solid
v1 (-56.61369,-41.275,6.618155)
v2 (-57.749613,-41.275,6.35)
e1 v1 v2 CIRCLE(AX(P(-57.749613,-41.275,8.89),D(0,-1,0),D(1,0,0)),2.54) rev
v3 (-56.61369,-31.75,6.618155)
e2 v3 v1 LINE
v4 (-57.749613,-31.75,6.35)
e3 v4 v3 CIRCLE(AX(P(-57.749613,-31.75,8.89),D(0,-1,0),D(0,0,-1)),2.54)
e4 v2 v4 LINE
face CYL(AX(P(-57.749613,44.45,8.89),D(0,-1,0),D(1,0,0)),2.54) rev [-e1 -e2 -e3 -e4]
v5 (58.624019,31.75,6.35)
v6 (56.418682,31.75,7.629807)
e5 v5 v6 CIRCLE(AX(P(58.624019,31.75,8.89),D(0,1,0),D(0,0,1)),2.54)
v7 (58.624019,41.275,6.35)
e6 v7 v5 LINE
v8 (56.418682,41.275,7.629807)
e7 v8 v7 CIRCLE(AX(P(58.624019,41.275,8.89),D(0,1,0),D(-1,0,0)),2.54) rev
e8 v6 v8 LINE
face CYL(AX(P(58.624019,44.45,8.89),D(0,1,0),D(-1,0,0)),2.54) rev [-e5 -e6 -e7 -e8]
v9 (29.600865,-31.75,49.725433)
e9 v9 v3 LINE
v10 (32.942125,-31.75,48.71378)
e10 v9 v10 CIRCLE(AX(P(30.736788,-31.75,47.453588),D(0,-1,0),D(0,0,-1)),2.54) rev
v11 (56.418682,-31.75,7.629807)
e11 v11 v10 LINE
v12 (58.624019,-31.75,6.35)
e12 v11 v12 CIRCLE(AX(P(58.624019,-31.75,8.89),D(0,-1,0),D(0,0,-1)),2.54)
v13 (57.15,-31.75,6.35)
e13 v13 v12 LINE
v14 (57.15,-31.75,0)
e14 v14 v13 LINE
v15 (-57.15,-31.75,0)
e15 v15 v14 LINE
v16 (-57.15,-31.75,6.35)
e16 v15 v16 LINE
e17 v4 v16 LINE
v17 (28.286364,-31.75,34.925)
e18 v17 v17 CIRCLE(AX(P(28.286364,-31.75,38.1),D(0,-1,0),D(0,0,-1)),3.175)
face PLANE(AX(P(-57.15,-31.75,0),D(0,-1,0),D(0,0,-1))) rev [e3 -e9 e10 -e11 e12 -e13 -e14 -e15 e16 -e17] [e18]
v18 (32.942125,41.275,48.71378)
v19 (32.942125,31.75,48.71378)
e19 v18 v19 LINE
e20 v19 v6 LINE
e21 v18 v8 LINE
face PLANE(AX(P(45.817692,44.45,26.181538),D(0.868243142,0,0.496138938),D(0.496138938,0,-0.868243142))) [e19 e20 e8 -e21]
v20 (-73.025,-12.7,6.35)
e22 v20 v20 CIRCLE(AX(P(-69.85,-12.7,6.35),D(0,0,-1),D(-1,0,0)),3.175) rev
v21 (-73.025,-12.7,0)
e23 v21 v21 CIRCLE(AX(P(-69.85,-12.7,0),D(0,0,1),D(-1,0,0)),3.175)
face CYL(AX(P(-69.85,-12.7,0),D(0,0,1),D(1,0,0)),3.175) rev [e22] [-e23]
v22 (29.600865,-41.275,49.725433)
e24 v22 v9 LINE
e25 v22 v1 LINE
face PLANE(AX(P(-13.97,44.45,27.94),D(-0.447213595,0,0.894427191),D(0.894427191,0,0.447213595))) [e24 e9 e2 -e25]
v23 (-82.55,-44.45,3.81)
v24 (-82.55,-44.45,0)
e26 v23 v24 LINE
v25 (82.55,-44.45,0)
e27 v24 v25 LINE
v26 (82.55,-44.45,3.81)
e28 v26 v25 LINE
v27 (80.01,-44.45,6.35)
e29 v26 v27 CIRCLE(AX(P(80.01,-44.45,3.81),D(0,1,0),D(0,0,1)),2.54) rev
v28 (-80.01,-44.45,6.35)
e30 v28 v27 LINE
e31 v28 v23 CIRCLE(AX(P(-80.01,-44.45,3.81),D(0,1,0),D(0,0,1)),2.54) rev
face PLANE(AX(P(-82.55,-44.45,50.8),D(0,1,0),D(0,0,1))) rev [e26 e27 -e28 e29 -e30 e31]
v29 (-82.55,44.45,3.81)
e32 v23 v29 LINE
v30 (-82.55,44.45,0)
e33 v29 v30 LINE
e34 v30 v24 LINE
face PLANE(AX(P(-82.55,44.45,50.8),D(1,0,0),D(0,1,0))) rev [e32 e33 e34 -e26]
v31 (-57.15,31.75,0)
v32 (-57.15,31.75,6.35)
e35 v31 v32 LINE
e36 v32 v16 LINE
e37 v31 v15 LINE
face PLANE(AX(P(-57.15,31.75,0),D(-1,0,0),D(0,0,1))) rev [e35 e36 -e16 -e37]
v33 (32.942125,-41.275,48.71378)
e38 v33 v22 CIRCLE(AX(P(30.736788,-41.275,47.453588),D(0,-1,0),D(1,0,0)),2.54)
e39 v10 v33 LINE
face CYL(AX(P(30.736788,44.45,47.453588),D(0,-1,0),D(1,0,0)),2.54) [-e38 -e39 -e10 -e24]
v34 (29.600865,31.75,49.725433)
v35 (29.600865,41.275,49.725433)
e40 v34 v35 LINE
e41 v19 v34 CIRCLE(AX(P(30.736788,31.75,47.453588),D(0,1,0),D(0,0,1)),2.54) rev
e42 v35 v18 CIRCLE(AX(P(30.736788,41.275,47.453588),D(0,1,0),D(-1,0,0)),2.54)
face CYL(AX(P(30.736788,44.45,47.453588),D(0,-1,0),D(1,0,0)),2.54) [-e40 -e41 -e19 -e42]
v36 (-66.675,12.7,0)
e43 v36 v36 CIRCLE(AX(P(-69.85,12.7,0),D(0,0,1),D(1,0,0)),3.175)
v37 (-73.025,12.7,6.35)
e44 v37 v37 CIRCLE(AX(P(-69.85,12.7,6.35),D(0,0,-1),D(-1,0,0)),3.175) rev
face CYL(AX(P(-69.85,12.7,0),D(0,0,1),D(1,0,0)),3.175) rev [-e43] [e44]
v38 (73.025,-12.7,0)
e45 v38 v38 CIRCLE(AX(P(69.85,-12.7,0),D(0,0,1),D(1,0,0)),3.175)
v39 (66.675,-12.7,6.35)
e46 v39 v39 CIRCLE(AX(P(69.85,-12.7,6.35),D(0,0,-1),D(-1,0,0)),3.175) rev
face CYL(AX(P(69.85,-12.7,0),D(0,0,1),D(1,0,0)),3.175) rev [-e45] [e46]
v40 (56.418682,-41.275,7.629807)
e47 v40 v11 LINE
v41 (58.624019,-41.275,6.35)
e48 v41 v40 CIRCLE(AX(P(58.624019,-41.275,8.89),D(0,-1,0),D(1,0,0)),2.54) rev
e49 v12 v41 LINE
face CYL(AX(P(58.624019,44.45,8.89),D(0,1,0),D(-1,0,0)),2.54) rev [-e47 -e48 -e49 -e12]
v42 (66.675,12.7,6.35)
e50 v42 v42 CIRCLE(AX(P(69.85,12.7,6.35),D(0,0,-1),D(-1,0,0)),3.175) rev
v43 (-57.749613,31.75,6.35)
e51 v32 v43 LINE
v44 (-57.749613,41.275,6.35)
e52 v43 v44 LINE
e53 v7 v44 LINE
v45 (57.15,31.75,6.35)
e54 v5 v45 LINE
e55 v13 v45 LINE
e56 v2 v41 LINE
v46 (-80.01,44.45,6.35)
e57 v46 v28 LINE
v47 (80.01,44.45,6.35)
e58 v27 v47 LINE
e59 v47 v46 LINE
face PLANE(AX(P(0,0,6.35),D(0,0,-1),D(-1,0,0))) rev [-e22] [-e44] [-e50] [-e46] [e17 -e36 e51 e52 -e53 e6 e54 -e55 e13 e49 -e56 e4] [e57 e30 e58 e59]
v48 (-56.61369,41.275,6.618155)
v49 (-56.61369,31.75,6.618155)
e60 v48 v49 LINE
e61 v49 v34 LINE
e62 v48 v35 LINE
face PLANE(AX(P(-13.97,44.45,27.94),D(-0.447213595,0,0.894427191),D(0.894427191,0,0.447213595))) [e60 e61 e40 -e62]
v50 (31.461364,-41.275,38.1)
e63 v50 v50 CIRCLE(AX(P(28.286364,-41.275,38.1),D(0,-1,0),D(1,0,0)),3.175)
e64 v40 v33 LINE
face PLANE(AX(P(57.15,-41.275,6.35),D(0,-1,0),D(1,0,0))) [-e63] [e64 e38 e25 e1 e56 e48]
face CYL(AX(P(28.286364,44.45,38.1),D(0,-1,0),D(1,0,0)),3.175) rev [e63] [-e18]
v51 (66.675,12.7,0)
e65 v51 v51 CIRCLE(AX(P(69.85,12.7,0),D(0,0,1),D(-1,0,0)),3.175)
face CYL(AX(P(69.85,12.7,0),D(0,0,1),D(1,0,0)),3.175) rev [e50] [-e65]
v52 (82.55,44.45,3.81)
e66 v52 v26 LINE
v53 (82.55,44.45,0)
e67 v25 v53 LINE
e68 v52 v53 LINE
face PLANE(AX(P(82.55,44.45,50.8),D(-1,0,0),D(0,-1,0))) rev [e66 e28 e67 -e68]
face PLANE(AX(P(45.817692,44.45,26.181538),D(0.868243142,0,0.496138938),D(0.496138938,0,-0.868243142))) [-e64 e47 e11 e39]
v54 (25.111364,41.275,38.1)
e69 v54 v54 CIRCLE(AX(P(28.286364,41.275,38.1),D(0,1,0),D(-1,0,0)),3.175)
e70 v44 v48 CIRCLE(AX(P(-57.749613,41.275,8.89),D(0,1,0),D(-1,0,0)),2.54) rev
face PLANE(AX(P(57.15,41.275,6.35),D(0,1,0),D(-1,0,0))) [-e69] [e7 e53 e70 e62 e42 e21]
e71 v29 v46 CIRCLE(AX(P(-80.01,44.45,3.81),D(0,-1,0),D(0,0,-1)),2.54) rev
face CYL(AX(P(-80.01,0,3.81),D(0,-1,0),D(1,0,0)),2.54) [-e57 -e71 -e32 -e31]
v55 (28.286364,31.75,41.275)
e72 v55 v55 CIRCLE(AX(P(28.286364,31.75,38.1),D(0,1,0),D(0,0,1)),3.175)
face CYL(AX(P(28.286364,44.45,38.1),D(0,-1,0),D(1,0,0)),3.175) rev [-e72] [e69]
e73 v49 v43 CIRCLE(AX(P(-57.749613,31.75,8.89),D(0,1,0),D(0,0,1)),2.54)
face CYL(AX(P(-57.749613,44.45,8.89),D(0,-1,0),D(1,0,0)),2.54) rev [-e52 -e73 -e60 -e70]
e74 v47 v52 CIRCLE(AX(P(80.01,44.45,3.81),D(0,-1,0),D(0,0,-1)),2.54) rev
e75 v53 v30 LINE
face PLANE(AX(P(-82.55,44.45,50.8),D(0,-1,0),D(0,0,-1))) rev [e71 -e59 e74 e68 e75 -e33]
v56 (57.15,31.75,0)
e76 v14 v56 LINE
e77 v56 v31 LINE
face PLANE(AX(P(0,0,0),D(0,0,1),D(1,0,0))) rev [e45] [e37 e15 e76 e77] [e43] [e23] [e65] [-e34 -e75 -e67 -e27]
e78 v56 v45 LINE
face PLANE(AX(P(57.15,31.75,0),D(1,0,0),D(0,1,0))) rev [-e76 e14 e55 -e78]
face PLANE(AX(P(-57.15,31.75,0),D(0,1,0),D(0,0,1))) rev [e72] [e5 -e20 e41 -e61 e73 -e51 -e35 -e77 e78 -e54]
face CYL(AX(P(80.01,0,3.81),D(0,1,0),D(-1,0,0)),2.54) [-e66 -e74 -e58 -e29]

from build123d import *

# Parameters (mm, degrees)
SKETCH1_W           = 165.1
SKETCH1_H           = 88.9
BOSS_EXTRUDE1_DEPTH = 50.8
SKETCH2_R           = 3.175
SKETCH2_W           = 114.3
SKETCH2_H           = 63.5
CUT_EXTRUDE1_DEPTH  = 107.634633211
SKETCH4_W           = 165.1
SKETCH4_H           = 88.9
SKETCH4_W_2         = 114.3
SKETCH4_H_2         = 82.55
CUT_EXTRUDE2_DEPTH  = 44.45
SKETCH5_R           = 3.175
CUT_EXTRUDE4_DEPTH  = 130.398292589
FILLET2_R           = 2.54


with BuildPart() as part:
    # Sketch1 → Boss-Extrude1 (new body)
    with BuildSketch(Plane.XY):
        Rectangle(SKETCH1_W, SKETCH1_H)
    extrude(amount=BOSS_EXTRUDE1_DEPTH)

    # Sketch2 → Cut-Extrude1 (cut, through all)
    with BuildSketch(Plane.XY.offset(50.8)):
        with Locations((-69.85, 12.7)):
            Circle(SKETCH2_R)
        with Locations(Location((-69.85, -12.7, 0), (0, 0, 180))):
            Circle(SKETCH2_R)
        with Locations((69.85, -12.7)):
            Circle(SKETCH2_R)
        with Locations(Location((69.85, 12.7, 0), (0, 0, 180))):
            Circle(SKETCH2_R)
        Rectangle(SKETCH2_W, SKETCH2_H)
    extrude(amount=-CUT_EXTRUDE1_DEPTH, mode=Mode.SUBTRACT)

    # Sketch4 → Cut-Extrude2 (cut)
    with BuildSketch(Plane.XY.offset(50.8)):
        Rectangle(SKETCH4_W, SKETCH4_H)
        Rectangle(SKETCH4_W_2, SKETCH4_H_2, mode=Mode.SUBTRACT)
    extrude(amount=-CUT_EXTRUDE2_DEPTH, mode=Mode.SUBTRACT)

    # Sketch5 → Cut-Extrude4 (cut, through all)
    with BuildSketch(Plane.XZ.offset(41.275)):
        Polygon((-57.15, 6.35), (31.75, 50.8), (-57.15, 50.8), align=None)
        Polygon((31.75, 50.8), (57.15, 6.35), (57.15, 50.8), align=None)
        with Locations((28.286363636, 38.1)):
            Circle(SKETCH5_R)
    extrude(amount=-CUT_EXTRUDE4_DEPTH, mode=Mode.SUBTRACT)

    # Fillet2
    fillet2_edges = [part.edges().sort_by_distance(p)[0] for p in [
        (-57.15, 36.5125, 6.35),
        (-57.15, -36.5125, 6.35),
        (57.15, -36.5125, 6.35),
        (57.15, 36.5125, 6.35),
        (-82.55, 0, 6.35),
        (82.55, 0, 6.35),
        (31.75, -36.5125, 50.8),
        (31.75, 36.5125, 50.8),
    ]]
    fillet(fillet2_edges, radius=FILLET2_R)


solid = part.part
